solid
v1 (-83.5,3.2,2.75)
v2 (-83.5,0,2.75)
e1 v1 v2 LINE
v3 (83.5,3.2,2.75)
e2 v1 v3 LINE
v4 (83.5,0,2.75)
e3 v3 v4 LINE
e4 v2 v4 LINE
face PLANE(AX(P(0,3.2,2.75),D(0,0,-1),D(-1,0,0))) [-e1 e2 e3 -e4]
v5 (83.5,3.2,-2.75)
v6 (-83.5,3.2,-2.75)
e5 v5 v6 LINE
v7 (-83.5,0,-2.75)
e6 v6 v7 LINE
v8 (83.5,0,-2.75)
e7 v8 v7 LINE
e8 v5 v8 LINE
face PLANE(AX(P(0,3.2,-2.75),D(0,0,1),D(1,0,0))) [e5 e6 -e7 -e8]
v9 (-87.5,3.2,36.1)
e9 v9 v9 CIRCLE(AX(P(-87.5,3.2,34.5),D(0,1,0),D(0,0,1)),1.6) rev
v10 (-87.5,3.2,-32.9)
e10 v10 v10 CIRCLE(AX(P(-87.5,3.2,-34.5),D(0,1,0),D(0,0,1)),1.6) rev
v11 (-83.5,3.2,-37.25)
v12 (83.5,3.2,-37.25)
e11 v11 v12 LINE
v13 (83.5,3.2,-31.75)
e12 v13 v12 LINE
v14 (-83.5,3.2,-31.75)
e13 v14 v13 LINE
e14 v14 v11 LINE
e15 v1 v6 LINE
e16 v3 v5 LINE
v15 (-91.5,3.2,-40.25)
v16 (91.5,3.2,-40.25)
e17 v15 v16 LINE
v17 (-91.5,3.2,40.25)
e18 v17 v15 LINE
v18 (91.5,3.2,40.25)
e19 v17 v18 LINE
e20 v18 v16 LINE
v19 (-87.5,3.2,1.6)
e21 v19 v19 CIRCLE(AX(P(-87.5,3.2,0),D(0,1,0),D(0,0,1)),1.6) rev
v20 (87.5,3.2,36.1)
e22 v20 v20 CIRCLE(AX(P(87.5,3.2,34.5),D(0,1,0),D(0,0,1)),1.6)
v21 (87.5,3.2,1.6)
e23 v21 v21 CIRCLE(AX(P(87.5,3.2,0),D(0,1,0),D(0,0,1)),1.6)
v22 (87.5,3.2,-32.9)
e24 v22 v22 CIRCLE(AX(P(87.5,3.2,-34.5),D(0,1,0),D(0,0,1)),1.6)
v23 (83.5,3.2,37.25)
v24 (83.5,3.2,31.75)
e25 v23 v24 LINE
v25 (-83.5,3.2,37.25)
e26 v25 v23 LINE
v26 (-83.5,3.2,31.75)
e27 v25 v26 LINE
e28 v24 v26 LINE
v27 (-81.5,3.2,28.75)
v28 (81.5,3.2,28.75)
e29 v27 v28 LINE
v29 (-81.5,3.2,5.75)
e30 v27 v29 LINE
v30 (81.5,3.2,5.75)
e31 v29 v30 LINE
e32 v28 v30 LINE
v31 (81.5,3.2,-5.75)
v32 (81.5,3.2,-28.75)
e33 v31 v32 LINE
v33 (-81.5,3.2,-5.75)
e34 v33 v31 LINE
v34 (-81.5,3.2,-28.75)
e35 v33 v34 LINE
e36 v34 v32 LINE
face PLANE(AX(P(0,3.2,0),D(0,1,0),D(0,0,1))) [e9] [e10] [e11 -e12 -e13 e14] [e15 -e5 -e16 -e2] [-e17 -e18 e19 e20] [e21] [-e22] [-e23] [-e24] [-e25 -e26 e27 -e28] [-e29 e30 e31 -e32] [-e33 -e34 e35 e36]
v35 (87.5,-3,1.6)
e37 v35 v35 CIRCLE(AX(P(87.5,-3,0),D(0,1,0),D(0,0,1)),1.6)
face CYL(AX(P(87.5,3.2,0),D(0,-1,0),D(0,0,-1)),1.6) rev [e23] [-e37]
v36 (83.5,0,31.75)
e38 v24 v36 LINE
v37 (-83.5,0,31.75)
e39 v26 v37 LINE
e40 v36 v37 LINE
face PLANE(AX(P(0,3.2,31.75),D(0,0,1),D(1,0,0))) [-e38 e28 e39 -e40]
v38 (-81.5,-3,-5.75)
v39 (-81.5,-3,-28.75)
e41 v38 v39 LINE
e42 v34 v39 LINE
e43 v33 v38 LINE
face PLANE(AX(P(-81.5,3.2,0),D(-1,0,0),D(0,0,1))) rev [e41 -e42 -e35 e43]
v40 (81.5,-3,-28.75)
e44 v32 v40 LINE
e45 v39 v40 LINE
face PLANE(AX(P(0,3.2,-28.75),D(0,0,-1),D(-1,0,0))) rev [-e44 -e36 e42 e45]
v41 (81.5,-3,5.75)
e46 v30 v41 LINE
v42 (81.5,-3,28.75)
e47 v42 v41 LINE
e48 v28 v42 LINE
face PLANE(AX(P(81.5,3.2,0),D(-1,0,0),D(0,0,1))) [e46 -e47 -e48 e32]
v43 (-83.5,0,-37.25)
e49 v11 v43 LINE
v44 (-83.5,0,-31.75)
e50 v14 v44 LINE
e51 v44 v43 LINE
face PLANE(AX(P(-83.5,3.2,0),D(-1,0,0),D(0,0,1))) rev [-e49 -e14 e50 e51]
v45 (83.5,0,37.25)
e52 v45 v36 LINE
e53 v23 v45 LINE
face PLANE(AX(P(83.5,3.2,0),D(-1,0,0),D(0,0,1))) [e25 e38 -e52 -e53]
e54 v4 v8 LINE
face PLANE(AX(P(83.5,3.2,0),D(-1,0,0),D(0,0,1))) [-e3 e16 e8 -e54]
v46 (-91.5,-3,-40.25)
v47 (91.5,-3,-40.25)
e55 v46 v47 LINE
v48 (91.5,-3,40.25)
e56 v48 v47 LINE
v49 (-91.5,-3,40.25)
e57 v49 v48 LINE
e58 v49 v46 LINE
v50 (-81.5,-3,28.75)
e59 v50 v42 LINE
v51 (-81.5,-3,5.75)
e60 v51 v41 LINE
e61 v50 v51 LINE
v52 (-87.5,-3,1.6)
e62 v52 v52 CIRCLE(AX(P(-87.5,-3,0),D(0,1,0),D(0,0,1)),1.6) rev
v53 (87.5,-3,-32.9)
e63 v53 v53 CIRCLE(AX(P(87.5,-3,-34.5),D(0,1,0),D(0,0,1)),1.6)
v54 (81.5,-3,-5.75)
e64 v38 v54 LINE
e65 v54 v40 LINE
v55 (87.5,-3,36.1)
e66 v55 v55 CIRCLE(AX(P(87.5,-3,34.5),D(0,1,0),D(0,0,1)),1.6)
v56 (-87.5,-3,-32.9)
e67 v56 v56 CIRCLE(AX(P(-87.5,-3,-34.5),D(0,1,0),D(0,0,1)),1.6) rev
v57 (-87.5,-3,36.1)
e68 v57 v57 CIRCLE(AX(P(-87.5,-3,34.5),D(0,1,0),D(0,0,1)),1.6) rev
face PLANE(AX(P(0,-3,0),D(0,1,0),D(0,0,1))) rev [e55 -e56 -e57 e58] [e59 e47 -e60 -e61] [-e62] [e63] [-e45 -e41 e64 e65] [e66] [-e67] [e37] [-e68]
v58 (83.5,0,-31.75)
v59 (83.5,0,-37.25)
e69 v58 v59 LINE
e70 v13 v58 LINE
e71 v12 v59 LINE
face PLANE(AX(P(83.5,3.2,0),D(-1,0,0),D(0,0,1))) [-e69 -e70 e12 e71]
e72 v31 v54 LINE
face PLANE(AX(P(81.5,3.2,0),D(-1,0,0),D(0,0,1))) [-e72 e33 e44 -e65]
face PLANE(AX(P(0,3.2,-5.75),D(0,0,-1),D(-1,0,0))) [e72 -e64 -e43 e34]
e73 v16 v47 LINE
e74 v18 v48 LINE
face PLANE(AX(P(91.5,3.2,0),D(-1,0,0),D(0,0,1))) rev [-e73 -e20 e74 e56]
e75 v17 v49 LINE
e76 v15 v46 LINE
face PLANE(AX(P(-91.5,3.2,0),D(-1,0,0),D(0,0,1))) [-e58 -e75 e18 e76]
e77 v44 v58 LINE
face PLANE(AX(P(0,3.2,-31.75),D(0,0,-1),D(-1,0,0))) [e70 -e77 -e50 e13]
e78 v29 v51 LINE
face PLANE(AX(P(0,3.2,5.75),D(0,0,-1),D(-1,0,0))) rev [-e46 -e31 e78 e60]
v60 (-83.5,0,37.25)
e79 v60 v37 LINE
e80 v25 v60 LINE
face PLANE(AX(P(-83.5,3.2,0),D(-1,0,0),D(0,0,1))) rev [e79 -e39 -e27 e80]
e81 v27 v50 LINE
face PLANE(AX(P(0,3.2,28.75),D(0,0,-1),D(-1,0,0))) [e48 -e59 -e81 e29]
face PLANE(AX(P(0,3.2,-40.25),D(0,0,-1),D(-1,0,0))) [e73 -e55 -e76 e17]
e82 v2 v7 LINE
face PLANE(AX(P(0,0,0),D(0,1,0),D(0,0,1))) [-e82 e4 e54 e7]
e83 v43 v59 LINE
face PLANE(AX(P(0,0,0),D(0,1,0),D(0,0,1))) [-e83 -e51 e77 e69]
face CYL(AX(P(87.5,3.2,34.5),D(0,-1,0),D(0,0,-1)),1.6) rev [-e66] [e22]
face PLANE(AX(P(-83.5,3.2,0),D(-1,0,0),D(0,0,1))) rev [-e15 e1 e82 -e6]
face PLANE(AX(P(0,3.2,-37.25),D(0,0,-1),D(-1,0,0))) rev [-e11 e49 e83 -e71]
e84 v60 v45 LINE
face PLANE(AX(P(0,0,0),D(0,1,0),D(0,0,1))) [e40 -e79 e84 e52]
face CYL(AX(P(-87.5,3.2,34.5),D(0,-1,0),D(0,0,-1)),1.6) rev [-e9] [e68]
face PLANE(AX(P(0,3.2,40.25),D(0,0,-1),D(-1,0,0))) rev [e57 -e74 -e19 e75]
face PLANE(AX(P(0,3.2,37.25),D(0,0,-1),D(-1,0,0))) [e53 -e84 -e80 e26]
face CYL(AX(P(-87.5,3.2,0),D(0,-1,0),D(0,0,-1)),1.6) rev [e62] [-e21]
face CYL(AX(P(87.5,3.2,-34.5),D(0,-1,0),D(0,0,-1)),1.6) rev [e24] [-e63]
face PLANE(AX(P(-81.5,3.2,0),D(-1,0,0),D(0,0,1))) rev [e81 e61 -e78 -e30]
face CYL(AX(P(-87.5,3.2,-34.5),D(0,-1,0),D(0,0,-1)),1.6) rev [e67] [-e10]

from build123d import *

# Parameters (mm, degrees)
SKETCH1_W           = 183
SKETCH1_H           = 80.5
SKETCH1_W_2         = 163
SKETCH1_H_2         = 23
SKETCH1_R           = 1.6
BOSS_EXTRUDE1_DEPTH = 3.2
SKETCH1_3_W         = 183
SKETCH1_3_H         = 80.5
SKETCH1_3_R         = 1.6
SKETCH1_3_W_2       = 163
SKETCH1_3_H_2       = 23
BOSS_EXTRUDE2_DEPTH = 3


with BuildPart() as part:
    # Sketch1 → Boss-Extrude1 (new body)
    with BuildSketch(Plane(origin=(0, 0, 0), x_dir=(1, 0, 0), z_dir=(0, 1, 0))):
        Rectangle(SKETCH1_W, SKETCH1_H)
        with Locations((0, 17.25)):
            Rectangle(SKETCH1_W_2, SKETCH1_H_2, mode=Mode.SUBTRACT)
        Polygon((83.5, 2.75), (83.5, -2.75), (81.5, -2.75), (-81.5, -2.75), (-83.5, -2.75), (-83.5, 2.75), align=None, mode=Mode.SUBTRACT)
        with Locations((0, -17.25)):
            Rectangle(SKETCH1_W_2, SKETCH1_H_2, mode=Mode.SUBTRACT)
        Polygon((83.5, -31.75), (83.5, -37.25), (-81.5, -37.25), (-83.5, -37.25), (-83.5, -31.75), align=None, mode=Mode.SUBTRACT)
        Polygon((81.5, 37.25), (83.5, 37.25), (83.5, 31.75), (-83.5, 31.75), (-83.5, 37.25), align=None, mode=Mode.SUBTRACT)
        with Locations((-87.5, -34.5)):
            Circle(SKETCH1_R, mode=Mode.SUBTRACT)
        with Locations((-87.5, 0)):
            Circle(SKETCH1_R, mode=Mode.SUBTRACT)
        with Locations((-87.5, 34.5)):
            Circle(SKETCH1_R, mode=Mode.SUBTRACT)
        with Locations((87.5, 34.5)):
            Circle(SKETCH1_R, mode=Mode.SUBTRACT)
        with Locations((87.5, -34.5)):
            Circle(SKETCH1_R, mode=Mode.SUBTRACT)
        with Locations((87.5, 0)):
            Circle(SKETCH1_R, mode=Mode.SUBTRACT)
    extrude(amount=BOSS_EXTRUDE1_DEPTH)

    # Sketch1<3> → Boss-Extrude2 (add)
    with BuildSketch(Plane(origin=(0, 0, 0), x_dir=(1, 0, 0), z_dir=(0, 1, 0))):
        Rectangle(SKETCH1_3_W, SKETCH1_3_H)
        with Locations((-87.5, -34.5)):
            Circle(SKETCH1_3_R, mode=Mode.SUBTRACT)
        with Locations((0, -17.25)):
            Rectangle(SKETCH1_3_W_2, SKETCH1_3_H_2, mode=Mode.SUBTRACT)
        with Locations((87.5, -34.5)):
            Circle(SKETCH1_3_R, mode=Mode.SUBTRACT)
        with Locations((-87.5, 0)):
            Circle(SKETCH1_3_R, mode=Mode.SUBTRACT)
        with Locations((0, 17.25)):
            Rectangle(SKETCH1_3_W_2, SKETCH1_3_H_2, mode=Mode.SUBTRACT)
        with Locations((-87.5, 34.5)):
            Circle(SKETCH1_3_R, mode=Mode.SUBTRACT)
        with Locations((87.5, 0)):
            Circle(SKETCH1_3_R, mode=Mode.SUBTRACT)
        with Locations((87.5, 34.5)):
            Circle(SKETCH1_3_R, mode=Mode.SUBTRACT)
    extrude(amount=-BOSS_EXTRUDE2_DEPTH)


solid = part.part
